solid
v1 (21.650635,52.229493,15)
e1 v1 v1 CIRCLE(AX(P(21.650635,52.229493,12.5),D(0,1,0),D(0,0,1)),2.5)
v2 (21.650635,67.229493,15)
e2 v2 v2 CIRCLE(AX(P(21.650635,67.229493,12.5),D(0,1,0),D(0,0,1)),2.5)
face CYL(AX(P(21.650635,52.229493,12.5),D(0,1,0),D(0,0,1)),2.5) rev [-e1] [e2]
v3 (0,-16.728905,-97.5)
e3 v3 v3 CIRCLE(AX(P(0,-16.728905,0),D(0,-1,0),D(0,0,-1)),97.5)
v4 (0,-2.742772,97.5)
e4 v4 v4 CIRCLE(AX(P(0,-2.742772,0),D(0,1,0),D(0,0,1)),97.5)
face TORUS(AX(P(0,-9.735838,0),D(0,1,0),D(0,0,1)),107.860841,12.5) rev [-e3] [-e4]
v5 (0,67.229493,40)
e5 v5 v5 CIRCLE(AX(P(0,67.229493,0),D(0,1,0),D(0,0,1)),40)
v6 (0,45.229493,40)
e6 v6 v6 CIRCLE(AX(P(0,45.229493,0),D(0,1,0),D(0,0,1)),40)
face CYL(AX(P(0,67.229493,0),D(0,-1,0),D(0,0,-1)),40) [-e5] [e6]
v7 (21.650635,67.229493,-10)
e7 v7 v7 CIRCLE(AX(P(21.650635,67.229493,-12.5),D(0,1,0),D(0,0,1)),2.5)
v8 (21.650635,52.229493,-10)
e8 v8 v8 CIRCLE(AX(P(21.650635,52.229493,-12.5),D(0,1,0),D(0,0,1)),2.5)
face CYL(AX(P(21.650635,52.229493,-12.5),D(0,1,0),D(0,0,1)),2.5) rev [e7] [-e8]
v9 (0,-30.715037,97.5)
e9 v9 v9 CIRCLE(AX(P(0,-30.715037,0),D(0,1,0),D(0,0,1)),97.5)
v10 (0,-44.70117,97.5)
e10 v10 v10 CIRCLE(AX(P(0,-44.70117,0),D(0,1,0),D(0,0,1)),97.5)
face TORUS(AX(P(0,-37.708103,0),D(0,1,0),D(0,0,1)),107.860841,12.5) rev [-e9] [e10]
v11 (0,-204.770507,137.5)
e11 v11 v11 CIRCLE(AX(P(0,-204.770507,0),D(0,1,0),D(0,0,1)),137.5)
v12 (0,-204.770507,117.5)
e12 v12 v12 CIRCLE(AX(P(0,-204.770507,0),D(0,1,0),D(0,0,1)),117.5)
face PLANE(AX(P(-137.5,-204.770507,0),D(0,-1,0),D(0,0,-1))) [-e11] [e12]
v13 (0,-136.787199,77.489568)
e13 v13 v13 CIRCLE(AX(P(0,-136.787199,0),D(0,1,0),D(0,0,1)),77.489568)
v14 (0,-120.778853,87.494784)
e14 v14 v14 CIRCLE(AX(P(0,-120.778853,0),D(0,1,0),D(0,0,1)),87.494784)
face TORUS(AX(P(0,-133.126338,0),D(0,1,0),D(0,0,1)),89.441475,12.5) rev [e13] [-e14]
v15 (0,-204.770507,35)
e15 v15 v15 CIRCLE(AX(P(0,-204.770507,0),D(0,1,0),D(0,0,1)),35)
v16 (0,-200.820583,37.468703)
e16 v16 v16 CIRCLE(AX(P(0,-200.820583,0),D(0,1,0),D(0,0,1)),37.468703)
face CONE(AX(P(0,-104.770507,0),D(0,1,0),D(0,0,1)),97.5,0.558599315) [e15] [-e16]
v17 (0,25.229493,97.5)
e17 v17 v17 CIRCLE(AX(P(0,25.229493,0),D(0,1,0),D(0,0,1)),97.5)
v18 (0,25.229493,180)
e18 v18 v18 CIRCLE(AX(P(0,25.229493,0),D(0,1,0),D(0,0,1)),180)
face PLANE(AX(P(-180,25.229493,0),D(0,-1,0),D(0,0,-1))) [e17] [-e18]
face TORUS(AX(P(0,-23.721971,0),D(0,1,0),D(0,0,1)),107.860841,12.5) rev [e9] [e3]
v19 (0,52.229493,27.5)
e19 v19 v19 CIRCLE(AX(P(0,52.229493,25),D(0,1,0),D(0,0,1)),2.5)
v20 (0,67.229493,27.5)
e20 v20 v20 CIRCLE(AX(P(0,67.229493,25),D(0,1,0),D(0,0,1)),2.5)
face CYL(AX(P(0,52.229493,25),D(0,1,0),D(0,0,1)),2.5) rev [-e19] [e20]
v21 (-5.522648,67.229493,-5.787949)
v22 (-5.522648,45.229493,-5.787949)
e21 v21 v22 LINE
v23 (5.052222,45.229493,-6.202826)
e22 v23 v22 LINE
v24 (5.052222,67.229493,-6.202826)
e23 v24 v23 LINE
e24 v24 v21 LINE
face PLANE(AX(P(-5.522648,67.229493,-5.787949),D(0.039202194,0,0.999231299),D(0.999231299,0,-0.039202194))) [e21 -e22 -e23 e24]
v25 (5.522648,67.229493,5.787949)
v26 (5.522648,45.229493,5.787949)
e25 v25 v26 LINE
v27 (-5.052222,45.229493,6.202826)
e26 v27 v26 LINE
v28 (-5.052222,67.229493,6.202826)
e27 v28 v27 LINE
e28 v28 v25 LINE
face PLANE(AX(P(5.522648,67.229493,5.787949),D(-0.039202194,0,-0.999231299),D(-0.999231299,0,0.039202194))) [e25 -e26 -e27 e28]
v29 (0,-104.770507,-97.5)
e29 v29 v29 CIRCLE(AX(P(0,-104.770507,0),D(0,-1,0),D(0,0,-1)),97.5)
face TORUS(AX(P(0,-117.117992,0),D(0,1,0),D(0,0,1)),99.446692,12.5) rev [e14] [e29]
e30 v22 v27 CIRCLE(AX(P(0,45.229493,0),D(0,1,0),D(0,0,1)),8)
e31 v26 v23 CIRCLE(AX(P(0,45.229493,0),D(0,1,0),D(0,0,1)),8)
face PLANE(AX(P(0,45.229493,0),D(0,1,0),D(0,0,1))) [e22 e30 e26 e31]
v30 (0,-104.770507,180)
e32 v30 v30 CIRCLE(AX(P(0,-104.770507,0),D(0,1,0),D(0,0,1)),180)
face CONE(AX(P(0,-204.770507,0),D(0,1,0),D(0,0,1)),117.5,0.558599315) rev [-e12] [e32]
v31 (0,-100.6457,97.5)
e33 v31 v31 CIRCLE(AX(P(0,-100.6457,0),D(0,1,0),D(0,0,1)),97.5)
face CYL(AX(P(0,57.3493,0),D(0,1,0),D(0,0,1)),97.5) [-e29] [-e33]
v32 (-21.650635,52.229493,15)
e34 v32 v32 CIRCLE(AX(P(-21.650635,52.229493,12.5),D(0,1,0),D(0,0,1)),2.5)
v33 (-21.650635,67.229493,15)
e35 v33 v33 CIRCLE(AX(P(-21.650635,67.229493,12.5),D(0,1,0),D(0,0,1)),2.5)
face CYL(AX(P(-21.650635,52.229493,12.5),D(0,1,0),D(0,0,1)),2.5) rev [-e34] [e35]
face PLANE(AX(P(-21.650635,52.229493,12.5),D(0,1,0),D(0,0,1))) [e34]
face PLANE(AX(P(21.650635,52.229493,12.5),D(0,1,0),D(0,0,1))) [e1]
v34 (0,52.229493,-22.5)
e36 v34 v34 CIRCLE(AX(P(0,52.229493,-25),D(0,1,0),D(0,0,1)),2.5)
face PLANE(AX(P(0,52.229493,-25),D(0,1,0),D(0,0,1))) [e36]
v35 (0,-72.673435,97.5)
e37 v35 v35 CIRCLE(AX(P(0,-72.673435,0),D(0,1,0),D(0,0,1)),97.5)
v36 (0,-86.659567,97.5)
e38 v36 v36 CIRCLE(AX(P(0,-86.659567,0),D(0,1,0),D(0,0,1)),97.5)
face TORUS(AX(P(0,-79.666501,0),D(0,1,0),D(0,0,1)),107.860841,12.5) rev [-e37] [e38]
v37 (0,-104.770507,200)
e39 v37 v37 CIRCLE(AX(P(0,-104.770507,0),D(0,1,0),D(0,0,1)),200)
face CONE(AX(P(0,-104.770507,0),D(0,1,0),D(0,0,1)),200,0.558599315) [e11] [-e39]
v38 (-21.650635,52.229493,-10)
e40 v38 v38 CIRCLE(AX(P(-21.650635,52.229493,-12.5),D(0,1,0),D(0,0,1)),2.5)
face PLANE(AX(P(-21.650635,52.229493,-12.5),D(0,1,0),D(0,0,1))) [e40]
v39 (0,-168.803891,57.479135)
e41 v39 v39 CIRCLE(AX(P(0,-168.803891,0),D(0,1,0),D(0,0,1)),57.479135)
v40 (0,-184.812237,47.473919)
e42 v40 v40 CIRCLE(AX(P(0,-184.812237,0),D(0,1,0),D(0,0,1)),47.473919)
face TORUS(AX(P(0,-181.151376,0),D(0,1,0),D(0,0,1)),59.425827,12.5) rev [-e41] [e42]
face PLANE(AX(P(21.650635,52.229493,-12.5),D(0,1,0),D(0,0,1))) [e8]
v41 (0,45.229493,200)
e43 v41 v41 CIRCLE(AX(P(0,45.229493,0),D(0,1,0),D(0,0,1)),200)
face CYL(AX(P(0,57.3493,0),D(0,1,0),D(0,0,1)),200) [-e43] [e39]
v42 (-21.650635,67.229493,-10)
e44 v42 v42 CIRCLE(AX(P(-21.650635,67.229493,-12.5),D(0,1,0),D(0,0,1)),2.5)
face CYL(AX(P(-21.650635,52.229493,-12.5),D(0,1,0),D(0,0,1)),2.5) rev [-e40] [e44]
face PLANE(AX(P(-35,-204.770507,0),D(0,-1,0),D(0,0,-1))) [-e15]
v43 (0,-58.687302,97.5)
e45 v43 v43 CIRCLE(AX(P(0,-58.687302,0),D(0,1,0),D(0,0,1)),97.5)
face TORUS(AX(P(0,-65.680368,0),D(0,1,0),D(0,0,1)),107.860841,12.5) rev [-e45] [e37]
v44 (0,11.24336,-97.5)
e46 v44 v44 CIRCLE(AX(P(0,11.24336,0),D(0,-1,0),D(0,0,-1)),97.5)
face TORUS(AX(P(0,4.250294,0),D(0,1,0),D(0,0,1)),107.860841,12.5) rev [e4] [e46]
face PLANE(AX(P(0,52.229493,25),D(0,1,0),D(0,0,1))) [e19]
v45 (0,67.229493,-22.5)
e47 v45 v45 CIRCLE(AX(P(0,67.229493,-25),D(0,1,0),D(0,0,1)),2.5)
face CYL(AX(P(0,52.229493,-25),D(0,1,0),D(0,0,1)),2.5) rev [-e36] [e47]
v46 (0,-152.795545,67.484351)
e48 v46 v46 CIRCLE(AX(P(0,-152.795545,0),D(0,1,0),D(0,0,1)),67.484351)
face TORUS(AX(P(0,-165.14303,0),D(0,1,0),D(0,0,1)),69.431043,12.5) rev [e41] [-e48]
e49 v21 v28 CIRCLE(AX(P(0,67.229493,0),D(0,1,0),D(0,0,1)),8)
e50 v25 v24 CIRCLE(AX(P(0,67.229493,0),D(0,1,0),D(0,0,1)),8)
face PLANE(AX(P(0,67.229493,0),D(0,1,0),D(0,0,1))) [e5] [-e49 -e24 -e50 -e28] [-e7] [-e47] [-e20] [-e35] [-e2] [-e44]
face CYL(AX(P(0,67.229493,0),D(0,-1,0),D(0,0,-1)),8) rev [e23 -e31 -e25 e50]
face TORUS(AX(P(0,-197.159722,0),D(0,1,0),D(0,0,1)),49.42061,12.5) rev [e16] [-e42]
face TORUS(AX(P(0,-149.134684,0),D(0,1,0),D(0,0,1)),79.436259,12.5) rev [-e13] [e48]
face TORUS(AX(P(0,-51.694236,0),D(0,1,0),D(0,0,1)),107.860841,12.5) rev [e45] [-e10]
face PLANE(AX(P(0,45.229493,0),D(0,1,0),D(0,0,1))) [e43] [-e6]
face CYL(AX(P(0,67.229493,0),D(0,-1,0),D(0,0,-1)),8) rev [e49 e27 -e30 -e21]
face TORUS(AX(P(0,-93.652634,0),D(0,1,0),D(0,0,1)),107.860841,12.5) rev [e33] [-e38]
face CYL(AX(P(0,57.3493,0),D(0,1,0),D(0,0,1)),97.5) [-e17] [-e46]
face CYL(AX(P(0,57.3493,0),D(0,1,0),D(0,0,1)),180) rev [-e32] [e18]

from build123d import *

# Parameters (mm, degrees)
SKETCH3_R           = 12.5
SKETCH4_R           = 12.5
SKETCH5_R           = 40
BOSS_EXTRUDE1_DEPTH = 22
SKETCH6_R           = 2.5
CUT_EXTRUDE1_DEPTH  = 15


with BuildPart() as part:
    # Sketch2 → Revolve1 (revolve)
    with BuildSketch(Plane.XY, mode=Mode.PRIVATE) as revolve1_sk:
        Polygon((0, 45.229492814), (-200, 45.229492814), (-200, -104.770507186), (-137.5, -204.770507186), (-117.5, -204.770507186), (-180, -104.770507186), (-180, 25.229492814), (-97.5, 25.229492814), (-97.5, -104.770507186), (-35, -204.770507186), (0, -204.770507186), (0, 25.229492814), align=None)
    revolve(revolve1_sk.sketch.rotate(Axis((0, 57.349299688, 0), (0, -1, 0)), 270), axis=Axis((0, 57.349299688, 0), (0, -1, 0)))

    # Sketch3 → Cut-Revolve1 (revolve, cut)
    with BuildSketch(Plane.XY, mode=Mode.PRIVATE) as cut_revolve1_sk:
        with Locations((-107.86084091, 4.25029405)):
            Circle(SKETCH3_R)
        with Locations((-107.86084091, -9.735838459)):
            Circle(SKETCH3_R)
        with Locations((-107.86084091, -23.721970968)):
            Circle(SKETCH3_R)
        with Locations((-107.86084091, -37.708103477)):
            Circle(SKETCH3_R)
        with Locations((-107.86084091, -51.694235986)):
            Circle(SKETCH3_R)
        with Locations((-107.86084091, -65.680368495)):
            Circle(SKETCH3_R)
        with Locations((-107.86084091, -79.666501004)):
            Circle(SKETCH3_R)
        with Locations((-107.86084091, -93.652633513)):
            Circle(SKETCH3_R)
    revolve(cut_revolve1_sk.sketch.rotate(Axis((0, 80.728496273, 0), (0, -1, 0)), 270), axis=Axis((0, 80.728496273, 0), (0, -1, 0)), mode=Mode.SUBTRACT)

    # Sketch4 → Cut-Revolve2 (revolve, cut)
    with BuildSketch(Plane.XY, mode=Mode.PRIVATE) as cut_revolve2_sk:
        with Locations((-89.441475281, -133.126338415)):
            Circle(SKETCH4_R)
        with Locations((-99.446691515, -117.117992442)):
            Circle(SKETCH4_R)
        with Locations((-79.436259048, -149.134684389)):
            Circle(SKETCH4_R)
        with Locations((-69.431042815, -165.143030362)):
            Circle(SKETCH4_R)
        with Locations((-59.425826582, -181.151376335)):
            Circle(SKETCH4_R)
        with Locations((-49.420610349, -197.159722308)):
            Circle(SKETCH4_R)
    revolve(cut_revolve2_sk.sketch.rotate(Axis((0, 86.064622477, 0), (0, -1, 0)), 270), axis=Axis((0, 86.064622477, 0), (0, -1, 0)), mode=Mode.SUBTRACT)

    # Sketch5 → Boss-Extrude1 (add)
    with BuildSketch(Plane(origin=(0, 45.229492814, 0), x_dir=(1, 0, 0), z_dir=(0, 1, 0))):
        with Locations(Location((0, 0, 0), (0, 0, 270))):
            Circle(SKETCH5_R)
        with BuildLine():
            Line((-5.522648203, 5.787949277), (5.05222187, 6.202826306))
            ThreePointArc((5.05222187, 6.202826306), (7.993850388, 0.313617555), (5.522648203, -5.787949277))
            Line((5.522648203, -5.787949277), (-5.05222187, -6.202826306))
            ThreePointArc((-5.05222187, -6.202826306), (-7.993850388, -0.313617555), (-5.522648203, 5.787949277))
        make_face(mode=Mode.SUBTRACT)
    extrude(amount=BOSS_EXTRUDE1_DEPTH)

    # Sketch6 → Cut-Extrude1 (cut)
    with BuildSketch(Plane(origin=(0, 67.229492814, 0), x_dir=(1, 0, 0), z_dir=(0, 1, 0))):
        with Locations(Location((0, 25, 0), (0, 0, 270))):
            Circle(SKETCH6_R)
        with Locations(Location((21.650635095, 12.5, 0), (0, 0, 270))):
            Circle(SKETCH6_R)
        with Locations(Location((21.650635095, -12.5, 0), (0, 0, 270))):
            Circle(SKETCH6_R)
        with Locations(Location((0, -25, 0), (0, 0, 270))):
            Circle(SKETCH6_R)
        with Locations(Location((-21.650635095, -12.5, 0), (0, 0, 270))):
            Circle(SKETCH6_R)
        with Locations(Location((-21.650635095, 12.5, 0), (0, 0, 270))):
            Circle(SKETCH6_R)
    extrude(amount=-CUT_EXTRUDE1_DEPTH, mode=Mode.SUBTRACT)


solid = part.part
